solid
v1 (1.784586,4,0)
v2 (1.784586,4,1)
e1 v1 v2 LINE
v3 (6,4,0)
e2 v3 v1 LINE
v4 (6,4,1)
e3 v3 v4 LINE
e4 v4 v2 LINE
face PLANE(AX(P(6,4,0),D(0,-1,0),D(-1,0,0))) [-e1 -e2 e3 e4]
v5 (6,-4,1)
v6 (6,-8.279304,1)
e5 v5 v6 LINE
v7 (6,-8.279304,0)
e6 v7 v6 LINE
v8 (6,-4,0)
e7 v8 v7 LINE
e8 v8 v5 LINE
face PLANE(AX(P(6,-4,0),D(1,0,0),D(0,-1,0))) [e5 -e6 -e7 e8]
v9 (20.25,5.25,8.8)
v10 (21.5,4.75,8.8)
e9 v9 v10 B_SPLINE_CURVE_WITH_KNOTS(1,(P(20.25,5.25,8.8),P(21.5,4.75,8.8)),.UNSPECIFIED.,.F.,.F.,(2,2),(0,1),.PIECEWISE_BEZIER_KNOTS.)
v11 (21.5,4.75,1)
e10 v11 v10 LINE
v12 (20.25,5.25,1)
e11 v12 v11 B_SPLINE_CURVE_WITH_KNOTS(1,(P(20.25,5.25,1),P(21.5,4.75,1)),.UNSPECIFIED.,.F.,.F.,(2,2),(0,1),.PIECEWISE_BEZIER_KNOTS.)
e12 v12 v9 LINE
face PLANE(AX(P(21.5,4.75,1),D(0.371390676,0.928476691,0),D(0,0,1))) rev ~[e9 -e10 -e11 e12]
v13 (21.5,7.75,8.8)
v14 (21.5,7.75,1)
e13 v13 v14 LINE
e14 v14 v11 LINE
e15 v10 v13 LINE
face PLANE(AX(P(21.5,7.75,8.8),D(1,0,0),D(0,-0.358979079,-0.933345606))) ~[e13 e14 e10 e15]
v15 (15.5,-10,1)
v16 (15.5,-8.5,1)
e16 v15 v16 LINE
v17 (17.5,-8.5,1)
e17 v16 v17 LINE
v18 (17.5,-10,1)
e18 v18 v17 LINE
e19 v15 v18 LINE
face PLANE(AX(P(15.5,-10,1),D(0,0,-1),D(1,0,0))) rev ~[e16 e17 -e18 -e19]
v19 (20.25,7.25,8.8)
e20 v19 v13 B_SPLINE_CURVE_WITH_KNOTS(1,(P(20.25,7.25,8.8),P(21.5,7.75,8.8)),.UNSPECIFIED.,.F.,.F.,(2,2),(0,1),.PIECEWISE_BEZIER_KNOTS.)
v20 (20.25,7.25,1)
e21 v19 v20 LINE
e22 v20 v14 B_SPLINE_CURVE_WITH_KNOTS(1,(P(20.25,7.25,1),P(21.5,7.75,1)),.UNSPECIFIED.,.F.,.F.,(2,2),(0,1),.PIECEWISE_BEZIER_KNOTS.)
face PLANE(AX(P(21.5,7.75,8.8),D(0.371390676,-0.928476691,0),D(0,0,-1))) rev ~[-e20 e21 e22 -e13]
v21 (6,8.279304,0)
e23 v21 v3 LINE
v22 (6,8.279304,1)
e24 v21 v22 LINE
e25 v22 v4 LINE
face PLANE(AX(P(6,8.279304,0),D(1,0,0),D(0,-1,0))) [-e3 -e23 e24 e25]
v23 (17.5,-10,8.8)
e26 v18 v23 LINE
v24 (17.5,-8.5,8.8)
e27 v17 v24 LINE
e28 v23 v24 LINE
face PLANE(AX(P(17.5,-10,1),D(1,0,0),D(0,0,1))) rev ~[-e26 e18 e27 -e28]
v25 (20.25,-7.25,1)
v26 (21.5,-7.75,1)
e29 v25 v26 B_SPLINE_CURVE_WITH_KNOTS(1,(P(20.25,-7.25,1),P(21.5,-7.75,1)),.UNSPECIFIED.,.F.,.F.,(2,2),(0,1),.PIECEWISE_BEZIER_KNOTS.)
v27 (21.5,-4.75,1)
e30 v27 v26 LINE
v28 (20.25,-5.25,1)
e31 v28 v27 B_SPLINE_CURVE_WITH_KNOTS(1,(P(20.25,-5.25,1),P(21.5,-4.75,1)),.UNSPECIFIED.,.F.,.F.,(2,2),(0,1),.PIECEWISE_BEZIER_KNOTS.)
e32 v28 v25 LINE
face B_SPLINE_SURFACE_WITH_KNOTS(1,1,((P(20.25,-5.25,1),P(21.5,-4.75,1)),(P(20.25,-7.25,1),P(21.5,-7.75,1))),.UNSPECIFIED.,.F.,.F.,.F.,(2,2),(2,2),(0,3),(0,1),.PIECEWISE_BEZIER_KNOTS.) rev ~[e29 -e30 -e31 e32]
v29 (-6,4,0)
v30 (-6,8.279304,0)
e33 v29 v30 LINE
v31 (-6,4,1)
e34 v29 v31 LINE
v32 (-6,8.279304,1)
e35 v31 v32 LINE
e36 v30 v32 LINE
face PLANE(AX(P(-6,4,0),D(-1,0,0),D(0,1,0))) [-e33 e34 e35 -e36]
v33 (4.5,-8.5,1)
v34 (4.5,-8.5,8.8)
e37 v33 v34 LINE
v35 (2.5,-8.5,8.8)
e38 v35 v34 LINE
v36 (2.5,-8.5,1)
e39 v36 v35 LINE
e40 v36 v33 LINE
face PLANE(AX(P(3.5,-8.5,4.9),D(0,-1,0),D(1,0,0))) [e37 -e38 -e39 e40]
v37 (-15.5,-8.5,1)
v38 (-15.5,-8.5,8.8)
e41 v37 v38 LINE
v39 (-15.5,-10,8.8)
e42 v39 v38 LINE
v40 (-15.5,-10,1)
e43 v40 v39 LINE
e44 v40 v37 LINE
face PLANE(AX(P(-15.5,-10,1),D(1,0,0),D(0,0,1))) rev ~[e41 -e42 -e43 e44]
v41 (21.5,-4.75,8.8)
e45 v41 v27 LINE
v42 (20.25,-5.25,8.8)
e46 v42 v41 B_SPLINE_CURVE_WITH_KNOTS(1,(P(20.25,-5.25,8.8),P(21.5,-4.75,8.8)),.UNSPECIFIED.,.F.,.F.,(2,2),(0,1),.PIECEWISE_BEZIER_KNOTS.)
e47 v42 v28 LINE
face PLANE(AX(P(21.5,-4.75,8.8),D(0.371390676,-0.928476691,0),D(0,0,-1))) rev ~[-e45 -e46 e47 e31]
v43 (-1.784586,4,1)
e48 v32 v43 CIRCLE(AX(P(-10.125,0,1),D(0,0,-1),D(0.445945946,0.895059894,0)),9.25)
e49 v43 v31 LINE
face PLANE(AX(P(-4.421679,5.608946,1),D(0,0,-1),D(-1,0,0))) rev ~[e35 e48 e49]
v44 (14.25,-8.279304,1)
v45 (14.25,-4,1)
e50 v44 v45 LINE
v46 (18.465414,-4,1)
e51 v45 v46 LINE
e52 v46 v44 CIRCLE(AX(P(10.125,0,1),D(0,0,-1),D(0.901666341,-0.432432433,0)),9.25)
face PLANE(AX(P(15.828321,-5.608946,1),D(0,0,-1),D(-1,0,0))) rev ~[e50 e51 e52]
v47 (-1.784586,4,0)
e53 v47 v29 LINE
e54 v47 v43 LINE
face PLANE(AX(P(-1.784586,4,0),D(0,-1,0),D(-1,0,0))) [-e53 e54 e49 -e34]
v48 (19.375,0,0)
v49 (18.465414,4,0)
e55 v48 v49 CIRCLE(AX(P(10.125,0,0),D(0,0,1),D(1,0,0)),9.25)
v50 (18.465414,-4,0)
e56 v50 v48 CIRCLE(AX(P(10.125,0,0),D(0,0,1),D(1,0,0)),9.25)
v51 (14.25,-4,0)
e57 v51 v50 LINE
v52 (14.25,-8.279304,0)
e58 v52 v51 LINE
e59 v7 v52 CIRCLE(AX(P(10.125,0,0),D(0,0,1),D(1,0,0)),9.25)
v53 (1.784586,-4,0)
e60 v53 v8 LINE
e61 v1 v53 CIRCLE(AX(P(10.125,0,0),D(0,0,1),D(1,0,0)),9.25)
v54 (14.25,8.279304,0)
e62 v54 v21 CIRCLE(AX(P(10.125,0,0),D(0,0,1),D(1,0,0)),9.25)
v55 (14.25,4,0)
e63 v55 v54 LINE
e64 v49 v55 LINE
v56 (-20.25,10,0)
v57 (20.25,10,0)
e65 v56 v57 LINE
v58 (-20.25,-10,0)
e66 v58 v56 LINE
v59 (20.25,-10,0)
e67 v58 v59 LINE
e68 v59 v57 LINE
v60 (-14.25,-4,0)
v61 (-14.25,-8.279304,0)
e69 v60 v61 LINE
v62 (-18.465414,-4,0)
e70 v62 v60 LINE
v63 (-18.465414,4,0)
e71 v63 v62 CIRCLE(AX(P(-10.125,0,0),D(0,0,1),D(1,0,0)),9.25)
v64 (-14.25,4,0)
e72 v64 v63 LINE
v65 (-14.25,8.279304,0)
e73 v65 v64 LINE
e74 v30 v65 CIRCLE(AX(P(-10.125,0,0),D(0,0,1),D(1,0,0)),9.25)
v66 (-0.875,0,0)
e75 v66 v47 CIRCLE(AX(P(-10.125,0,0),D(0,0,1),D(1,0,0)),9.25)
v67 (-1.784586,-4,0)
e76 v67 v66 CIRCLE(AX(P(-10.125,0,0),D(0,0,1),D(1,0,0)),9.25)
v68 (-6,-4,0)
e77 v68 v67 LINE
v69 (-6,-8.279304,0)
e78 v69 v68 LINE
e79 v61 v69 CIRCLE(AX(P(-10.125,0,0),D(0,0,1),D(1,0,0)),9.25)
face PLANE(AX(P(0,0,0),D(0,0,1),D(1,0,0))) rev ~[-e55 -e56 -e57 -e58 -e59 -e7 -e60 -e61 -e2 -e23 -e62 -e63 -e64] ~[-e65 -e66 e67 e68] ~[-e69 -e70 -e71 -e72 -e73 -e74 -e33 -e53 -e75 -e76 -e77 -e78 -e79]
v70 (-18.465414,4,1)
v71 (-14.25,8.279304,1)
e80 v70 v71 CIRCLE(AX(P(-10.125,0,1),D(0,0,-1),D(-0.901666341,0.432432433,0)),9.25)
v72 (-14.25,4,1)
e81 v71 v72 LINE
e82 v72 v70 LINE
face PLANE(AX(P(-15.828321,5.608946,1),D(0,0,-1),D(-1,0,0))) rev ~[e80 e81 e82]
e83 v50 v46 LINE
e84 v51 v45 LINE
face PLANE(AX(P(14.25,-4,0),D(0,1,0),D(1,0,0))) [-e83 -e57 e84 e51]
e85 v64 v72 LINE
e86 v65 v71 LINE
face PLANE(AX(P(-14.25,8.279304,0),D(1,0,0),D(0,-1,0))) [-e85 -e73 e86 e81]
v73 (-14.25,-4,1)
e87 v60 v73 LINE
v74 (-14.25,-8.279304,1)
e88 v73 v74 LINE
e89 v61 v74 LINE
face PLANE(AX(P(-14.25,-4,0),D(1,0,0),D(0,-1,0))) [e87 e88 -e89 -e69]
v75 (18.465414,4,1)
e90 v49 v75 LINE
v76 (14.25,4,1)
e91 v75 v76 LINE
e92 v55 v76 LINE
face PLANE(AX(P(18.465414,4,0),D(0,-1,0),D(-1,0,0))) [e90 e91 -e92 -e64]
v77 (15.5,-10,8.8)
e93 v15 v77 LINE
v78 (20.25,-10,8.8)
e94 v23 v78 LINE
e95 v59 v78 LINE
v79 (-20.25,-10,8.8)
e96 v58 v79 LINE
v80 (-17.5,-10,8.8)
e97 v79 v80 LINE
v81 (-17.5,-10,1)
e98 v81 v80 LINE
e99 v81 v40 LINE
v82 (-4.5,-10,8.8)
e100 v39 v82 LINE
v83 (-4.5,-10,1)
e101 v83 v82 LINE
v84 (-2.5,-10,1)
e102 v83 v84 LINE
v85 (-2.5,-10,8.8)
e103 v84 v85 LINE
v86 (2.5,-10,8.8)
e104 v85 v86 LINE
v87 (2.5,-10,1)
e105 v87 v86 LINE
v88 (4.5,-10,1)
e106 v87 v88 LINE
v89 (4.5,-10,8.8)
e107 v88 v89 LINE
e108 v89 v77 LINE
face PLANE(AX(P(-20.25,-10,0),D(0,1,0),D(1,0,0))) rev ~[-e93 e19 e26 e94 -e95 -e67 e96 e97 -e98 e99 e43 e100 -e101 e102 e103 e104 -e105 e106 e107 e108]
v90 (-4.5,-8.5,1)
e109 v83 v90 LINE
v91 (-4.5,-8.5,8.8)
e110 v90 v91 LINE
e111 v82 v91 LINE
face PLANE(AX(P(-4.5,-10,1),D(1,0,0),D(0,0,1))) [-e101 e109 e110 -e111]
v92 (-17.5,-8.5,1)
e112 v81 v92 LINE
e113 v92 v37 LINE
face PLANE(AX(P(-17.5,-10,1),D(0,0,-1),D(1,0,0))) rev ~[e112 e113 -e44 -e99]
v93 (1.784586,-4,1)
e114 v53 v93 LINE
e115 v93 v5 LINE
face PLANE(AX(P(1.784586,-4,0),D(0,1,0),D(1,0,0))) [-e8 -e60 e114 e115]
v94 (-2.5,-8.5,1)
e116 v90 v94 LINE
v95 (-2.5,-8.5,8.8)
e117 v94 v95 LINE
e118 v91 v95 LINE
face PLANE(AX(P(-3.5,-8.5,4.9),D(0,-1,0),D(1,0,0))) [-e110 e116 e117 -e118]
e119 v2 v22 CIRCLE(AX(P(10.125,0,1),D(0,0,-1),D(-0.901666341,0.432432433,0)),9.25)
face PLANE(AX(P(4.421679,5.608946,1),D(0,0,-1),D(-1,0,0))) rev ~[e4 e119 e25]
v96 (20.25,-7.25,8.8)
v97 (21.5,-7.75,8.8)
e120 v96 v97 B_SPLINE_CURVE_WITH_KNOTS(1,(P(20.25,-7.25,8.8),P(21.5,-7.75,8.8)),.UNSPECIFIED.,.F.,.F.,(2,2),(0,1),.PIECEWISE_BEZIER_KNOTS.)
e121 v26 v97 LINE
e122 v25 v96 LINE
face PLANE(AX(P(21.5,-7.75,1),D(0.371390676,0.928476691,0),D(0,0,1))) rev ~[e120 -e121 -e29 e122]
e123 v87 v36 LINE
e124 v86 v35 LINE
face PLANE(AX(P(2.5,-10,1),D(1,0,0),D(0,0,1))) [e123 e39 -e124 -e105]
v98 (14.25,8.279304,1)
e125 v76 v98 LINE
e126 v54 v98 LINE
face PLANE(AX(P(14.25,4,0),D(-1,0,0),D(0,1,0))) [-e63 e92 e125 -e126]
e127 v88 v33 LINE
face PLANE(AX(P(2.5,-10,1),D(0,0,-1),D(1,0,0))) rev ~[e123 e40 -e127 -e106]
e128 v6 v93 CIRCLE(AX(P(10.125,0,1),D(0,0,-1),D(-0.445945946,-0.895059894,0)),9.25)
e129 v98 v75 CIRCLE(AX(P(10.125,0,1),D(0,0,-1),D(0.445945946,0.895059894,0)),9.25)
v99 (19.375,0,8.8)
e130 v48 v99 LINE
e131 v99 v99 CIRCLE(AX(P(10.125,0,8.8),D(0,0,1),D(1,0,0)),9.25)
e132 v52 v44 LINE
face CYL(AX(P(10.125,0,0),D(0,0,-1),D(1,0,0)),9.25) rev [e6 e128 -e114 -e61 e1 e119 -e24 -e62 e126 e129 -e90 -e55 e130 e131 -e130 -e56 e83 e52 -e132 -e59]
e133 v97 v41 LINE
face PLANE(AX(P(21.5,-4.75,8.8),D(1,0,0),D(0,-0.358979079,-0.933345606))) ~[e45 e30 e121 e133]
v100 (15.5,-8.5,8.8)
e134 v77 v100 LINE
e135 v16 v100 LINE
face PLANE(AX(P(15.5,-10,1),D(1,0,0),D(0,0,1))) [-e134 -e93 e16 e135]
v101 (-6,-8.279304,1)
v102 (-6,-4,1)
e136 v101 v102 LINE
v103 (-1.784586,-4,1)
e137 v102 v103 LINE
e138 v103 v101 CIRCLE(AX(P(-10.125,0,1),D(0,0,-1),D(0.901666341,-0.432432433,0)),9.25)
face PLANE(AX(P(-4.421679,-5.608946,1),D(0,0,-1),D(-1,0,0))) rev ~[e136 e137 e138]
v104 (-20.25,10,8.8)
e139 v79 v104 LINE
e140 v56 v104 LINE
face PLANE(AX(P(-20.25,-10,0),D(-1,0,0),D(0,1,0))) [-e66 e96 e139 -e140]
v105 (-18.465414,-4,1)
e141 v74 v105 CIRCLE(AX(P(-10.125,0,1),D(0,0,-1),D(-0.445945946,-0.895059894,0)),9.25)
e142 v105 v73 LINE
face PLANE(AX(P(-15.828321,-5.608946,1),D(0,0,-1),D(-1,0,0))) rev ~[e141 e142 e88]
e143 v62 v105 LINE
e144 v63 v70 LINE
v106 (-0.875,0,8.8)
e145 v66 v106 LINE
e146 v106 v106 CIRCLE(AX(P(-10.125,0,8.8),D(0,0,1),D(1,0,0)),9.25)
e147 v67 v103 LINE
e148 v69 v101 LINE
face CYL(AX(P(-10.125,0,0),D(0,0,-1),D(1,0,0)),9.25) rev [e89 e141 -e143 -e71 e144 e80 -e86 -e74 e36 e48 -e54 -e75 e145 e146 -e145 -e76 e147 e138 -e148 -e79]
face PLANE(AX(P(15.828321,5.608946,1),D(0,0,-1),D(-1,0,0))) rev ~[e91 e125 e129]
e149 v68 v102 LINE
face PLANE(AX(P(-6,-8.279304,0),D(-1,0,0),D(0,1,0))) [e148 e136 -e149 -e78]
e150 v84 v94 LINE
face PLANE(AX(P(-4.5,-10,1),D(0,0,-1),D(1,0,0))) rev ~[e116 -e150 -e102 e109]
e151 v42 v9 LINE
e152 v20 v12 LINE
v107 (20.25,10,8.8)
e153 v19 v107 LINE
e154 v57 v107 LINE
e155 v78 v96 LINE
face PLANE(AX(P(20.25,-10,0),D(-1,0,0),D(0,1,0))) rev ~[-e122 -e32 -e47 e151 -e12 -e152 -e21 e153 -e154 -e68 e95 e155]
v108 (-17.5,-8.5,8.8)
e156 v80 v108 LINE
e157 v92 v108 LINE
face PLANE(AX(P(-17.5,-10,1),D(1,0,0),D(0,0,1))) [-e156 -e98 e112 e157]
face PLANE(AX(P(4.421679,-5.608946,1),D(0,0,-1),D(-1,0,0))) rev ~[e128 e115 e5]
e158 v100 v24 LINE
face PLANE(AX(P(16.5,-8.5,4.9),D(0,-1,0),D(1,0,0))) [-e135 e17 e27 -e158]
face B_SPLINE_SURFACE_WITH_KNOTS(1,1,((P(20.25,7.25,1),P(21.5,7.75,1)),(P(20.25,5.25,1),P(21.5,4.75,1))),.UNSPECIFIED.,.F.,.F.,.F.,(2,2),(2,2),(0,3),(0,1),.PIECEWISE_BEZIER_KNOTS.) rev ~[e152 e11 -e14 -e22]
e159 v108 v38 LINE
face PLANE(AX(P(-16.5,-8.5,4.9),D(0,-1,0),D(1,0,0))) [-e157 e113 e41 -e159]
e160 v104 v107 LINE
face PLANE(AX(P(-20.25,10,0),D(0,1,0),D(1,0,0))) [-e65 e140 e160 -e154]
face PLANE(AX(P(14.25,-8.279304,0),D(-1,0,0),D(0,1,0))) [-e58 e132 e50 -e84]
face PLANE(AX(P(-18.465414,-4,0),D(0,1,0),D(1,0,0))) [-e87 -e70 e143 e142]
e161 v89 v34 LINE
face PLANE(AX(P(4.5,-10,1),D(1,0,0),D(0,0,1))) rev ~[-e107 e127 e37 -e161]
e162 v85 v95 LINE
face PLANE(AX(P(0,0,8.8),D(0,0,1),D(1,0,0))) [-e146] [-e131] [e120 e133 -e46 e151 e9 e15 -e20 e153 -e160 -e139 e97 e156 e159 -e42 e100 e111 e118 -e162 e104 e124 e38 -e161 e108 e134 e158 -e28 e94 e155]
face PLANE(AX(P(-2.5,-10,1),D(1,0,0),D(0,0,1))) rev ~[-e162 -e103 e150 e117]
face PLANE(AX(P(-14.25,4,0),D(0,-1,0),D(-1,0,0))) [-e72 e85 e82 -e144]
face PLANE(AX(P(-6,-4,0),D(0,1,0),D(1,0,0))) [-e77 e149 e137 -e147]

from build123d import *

# Parameters (mm, degrees)
SKETCH1_W           = 40.5
SKETCH1_H           = 20
SKETCH1_R           = 9.25
BOSS_EXTRUDE1_DEPTH = 8.8
SKETCH2_W           = 2
SKETCH2_H           = 7.8
CUT_EXTRUDE1_DEPTH  = 1.5
BOSS_EXTRUDE2_DEPTH = 1


with BuildPart() as part:
    # Sketch1 → Boss-Extrude1 (new body)
    with BuildSketch(Plane.XY):
        Rectangle(SKETCH1_W, SKETCH1_H)
        with Locations((-10.125, 0)):
            Circle(SKETCH1_R, mode=Mode.SUBTRACT)
        with Locations((10.125, 0)):
            Circle(SKETCH1_R, mode=Mode.SUBTRACT)
    extrude(amount=BOSS_EXTRUDE1_DEPTH)

    # Sketch2 → Cut-Extrude1 (cut)
    with BuildSketch(Plane.XZ.offset(10)):
        with Locations((-16.5, 4.9)):
            Rectangle(SKETCH2_W, SKETCH2_H)
        with Locations((-3.5, 4.9)):
            Rectangle(SKETCH2_W, SKETCH2_H)
        with Locations((3.5, 4.9)):
            Rectangle(SKETCH2_W, SKETCH2_H)
        with Locations((16.5, 4.9)):
            Rectangle(SKETCH2_W, SKETCH2_H)
    extrude(amount=-CUT_EXTRUDE1_DEPTH, mode=Mode.SUBTRACT)

    # Sketch3 → Boss-Extrude2 (add)
    with BuildSketch(Plane(origin=(0, 0, 0), x_dir=(-1, 0, 0), z_dir=(0, 0, -1))):
        with BuildLine():
            Line((-14.25, 4), (-14.25, 8.279304017))
            ThreePointArc((-14.25, 8.279304017), (-16.714745453, 6.491360016), (-18.465413659, 4))
            Line((-18.465413659, 4), (-14.25, 4))
        make_face()
        with BuildLine():
            Line((-6, 4), (-1.784586341, 4))
            ThreePointArc((-1.784586341, 4), (-3.535254547, 6.491360016), (-6, 8.279304017))
            Line((-6, 8.279304017), (-6, 4))
        make_face()
        with BuildLine():
            ThreePointArc((-6, -8.279304017), (-3.535254547, -6.491360016), (-1.784586341, -4))
            Line((-1.784586341, -4), (-6, -4))
            Line((-6, -4), (-6, -8.279304017))
        make_face()
        with BuildLine():
            Line((-14.25, -4), (-18.465413659, -4))
            ThreePointArc((-18.465413659, -4), (-16.714745453, -6.491360016), (-14.25, -8.279304017))
            Line((-14.25, -8.279304017), (-14.25, -4))
        make_face()
        with BuildLine():
            Line((1.784586341, 4), (6, 4))
            Line((6, 4), (6, 8.279304017))
            ThreePointArc((6, 8.279304017), (3.535254547, 6.491360016), (1.784586341, 4))
        make_face()
        with BuildLine():
            ThreePointArc((18.465413659, 4), (16.714745453, 6.491360016), (14.25, 8.279304017))
            Line((14.25, 8.279304017), (14.25, 4))
            Line((14.25, 4), (18.465413659, 4))
        make_face()
        with BuildLine():
            Line((14.25, -4), (14.25, -8.279304017))
            ThreePointArc((14.25, -8.279304017), (16.714745453, -6.491360016), (18.465413659, -4))
            Line((18.465413659, -4), (14.25, -4))
        make_face()
        with BuildLine():
            Line((6, -4), (1.784586341, -4))
            ThreePointArc((1.784586341, -4), (3.535254547, -6.491360016), (6, -8.279304017))
            Line((6, -8.279304017), (6, -4))
        make_face()
    extrude(amount=-BOSS_EXTRUDE2_DEPTH)

    # Sketch4 → Loft1 section 0
    with BuildSketch(Plane(origin=(20.25, 0, 0), x_dir=(0, 0, -1), z_dir=(1, 0, 0))):
        with BuildLine():
            Line((-8.8, 7.25), (-1, 7.25))
            Line((-1, 7.25), (-1, 5.25))
            Line((-1, 5.25), (-8.8, 5.25))
            Line((-8.8, 5.25), (-8.8, 7.25))
        make_face()
    # Sketch5 → Loft1 section 1
    with BuildSketch(Plane(origin=(21.5, 0, 0), x_dir=(0, 0, -1), z_dir=(1, 0, 0))):
        with BuildLine():
            Line((-8.8, 7.75), (-1, 7.75))
            Line((-1, 7.75), (-1, 4.75))
            Line((-1, 4.75), (-8.8, 4.75))
            Line((-8.8, 4.75), (-8.8, 7.75))
        make_face()
    loft()

    # Sketch4<3> → Loft2 section 0
    with BuildSketch(Plane(origin=(20.25, 0, 0), x_dir=(0, 0, -1), z_dir=(1, 0, 0))):
        with BuildLine():
            Line((-8.8, -5.25), (-1, -5.25))
            Line((-1, -5.25), (-1, -7.25))
            Line((-1, -7.25), (-8.8, -7.25))
            Line((-8.8, -7.25), (-8.8, -5.25))
        make_face()
    # Sketch5<3> → Loft2 section 1
    with BuildSketch(Plane(origin=(21.5, 0, 0), x_dir=(0, 0, -1), z_dir=(1, 0, 0))):
        with BuildLine():
            Line((-8.8, -4.75), (-1, -4.75))
            Line((-1, -4.75), (-1, -7.75))
            Line((-1, -7.75), (-8.8, -7.75))
            Line((-8.8, -7.75), (-8.8, -4.75))
        make_face()
    loft()


solid = part.part
